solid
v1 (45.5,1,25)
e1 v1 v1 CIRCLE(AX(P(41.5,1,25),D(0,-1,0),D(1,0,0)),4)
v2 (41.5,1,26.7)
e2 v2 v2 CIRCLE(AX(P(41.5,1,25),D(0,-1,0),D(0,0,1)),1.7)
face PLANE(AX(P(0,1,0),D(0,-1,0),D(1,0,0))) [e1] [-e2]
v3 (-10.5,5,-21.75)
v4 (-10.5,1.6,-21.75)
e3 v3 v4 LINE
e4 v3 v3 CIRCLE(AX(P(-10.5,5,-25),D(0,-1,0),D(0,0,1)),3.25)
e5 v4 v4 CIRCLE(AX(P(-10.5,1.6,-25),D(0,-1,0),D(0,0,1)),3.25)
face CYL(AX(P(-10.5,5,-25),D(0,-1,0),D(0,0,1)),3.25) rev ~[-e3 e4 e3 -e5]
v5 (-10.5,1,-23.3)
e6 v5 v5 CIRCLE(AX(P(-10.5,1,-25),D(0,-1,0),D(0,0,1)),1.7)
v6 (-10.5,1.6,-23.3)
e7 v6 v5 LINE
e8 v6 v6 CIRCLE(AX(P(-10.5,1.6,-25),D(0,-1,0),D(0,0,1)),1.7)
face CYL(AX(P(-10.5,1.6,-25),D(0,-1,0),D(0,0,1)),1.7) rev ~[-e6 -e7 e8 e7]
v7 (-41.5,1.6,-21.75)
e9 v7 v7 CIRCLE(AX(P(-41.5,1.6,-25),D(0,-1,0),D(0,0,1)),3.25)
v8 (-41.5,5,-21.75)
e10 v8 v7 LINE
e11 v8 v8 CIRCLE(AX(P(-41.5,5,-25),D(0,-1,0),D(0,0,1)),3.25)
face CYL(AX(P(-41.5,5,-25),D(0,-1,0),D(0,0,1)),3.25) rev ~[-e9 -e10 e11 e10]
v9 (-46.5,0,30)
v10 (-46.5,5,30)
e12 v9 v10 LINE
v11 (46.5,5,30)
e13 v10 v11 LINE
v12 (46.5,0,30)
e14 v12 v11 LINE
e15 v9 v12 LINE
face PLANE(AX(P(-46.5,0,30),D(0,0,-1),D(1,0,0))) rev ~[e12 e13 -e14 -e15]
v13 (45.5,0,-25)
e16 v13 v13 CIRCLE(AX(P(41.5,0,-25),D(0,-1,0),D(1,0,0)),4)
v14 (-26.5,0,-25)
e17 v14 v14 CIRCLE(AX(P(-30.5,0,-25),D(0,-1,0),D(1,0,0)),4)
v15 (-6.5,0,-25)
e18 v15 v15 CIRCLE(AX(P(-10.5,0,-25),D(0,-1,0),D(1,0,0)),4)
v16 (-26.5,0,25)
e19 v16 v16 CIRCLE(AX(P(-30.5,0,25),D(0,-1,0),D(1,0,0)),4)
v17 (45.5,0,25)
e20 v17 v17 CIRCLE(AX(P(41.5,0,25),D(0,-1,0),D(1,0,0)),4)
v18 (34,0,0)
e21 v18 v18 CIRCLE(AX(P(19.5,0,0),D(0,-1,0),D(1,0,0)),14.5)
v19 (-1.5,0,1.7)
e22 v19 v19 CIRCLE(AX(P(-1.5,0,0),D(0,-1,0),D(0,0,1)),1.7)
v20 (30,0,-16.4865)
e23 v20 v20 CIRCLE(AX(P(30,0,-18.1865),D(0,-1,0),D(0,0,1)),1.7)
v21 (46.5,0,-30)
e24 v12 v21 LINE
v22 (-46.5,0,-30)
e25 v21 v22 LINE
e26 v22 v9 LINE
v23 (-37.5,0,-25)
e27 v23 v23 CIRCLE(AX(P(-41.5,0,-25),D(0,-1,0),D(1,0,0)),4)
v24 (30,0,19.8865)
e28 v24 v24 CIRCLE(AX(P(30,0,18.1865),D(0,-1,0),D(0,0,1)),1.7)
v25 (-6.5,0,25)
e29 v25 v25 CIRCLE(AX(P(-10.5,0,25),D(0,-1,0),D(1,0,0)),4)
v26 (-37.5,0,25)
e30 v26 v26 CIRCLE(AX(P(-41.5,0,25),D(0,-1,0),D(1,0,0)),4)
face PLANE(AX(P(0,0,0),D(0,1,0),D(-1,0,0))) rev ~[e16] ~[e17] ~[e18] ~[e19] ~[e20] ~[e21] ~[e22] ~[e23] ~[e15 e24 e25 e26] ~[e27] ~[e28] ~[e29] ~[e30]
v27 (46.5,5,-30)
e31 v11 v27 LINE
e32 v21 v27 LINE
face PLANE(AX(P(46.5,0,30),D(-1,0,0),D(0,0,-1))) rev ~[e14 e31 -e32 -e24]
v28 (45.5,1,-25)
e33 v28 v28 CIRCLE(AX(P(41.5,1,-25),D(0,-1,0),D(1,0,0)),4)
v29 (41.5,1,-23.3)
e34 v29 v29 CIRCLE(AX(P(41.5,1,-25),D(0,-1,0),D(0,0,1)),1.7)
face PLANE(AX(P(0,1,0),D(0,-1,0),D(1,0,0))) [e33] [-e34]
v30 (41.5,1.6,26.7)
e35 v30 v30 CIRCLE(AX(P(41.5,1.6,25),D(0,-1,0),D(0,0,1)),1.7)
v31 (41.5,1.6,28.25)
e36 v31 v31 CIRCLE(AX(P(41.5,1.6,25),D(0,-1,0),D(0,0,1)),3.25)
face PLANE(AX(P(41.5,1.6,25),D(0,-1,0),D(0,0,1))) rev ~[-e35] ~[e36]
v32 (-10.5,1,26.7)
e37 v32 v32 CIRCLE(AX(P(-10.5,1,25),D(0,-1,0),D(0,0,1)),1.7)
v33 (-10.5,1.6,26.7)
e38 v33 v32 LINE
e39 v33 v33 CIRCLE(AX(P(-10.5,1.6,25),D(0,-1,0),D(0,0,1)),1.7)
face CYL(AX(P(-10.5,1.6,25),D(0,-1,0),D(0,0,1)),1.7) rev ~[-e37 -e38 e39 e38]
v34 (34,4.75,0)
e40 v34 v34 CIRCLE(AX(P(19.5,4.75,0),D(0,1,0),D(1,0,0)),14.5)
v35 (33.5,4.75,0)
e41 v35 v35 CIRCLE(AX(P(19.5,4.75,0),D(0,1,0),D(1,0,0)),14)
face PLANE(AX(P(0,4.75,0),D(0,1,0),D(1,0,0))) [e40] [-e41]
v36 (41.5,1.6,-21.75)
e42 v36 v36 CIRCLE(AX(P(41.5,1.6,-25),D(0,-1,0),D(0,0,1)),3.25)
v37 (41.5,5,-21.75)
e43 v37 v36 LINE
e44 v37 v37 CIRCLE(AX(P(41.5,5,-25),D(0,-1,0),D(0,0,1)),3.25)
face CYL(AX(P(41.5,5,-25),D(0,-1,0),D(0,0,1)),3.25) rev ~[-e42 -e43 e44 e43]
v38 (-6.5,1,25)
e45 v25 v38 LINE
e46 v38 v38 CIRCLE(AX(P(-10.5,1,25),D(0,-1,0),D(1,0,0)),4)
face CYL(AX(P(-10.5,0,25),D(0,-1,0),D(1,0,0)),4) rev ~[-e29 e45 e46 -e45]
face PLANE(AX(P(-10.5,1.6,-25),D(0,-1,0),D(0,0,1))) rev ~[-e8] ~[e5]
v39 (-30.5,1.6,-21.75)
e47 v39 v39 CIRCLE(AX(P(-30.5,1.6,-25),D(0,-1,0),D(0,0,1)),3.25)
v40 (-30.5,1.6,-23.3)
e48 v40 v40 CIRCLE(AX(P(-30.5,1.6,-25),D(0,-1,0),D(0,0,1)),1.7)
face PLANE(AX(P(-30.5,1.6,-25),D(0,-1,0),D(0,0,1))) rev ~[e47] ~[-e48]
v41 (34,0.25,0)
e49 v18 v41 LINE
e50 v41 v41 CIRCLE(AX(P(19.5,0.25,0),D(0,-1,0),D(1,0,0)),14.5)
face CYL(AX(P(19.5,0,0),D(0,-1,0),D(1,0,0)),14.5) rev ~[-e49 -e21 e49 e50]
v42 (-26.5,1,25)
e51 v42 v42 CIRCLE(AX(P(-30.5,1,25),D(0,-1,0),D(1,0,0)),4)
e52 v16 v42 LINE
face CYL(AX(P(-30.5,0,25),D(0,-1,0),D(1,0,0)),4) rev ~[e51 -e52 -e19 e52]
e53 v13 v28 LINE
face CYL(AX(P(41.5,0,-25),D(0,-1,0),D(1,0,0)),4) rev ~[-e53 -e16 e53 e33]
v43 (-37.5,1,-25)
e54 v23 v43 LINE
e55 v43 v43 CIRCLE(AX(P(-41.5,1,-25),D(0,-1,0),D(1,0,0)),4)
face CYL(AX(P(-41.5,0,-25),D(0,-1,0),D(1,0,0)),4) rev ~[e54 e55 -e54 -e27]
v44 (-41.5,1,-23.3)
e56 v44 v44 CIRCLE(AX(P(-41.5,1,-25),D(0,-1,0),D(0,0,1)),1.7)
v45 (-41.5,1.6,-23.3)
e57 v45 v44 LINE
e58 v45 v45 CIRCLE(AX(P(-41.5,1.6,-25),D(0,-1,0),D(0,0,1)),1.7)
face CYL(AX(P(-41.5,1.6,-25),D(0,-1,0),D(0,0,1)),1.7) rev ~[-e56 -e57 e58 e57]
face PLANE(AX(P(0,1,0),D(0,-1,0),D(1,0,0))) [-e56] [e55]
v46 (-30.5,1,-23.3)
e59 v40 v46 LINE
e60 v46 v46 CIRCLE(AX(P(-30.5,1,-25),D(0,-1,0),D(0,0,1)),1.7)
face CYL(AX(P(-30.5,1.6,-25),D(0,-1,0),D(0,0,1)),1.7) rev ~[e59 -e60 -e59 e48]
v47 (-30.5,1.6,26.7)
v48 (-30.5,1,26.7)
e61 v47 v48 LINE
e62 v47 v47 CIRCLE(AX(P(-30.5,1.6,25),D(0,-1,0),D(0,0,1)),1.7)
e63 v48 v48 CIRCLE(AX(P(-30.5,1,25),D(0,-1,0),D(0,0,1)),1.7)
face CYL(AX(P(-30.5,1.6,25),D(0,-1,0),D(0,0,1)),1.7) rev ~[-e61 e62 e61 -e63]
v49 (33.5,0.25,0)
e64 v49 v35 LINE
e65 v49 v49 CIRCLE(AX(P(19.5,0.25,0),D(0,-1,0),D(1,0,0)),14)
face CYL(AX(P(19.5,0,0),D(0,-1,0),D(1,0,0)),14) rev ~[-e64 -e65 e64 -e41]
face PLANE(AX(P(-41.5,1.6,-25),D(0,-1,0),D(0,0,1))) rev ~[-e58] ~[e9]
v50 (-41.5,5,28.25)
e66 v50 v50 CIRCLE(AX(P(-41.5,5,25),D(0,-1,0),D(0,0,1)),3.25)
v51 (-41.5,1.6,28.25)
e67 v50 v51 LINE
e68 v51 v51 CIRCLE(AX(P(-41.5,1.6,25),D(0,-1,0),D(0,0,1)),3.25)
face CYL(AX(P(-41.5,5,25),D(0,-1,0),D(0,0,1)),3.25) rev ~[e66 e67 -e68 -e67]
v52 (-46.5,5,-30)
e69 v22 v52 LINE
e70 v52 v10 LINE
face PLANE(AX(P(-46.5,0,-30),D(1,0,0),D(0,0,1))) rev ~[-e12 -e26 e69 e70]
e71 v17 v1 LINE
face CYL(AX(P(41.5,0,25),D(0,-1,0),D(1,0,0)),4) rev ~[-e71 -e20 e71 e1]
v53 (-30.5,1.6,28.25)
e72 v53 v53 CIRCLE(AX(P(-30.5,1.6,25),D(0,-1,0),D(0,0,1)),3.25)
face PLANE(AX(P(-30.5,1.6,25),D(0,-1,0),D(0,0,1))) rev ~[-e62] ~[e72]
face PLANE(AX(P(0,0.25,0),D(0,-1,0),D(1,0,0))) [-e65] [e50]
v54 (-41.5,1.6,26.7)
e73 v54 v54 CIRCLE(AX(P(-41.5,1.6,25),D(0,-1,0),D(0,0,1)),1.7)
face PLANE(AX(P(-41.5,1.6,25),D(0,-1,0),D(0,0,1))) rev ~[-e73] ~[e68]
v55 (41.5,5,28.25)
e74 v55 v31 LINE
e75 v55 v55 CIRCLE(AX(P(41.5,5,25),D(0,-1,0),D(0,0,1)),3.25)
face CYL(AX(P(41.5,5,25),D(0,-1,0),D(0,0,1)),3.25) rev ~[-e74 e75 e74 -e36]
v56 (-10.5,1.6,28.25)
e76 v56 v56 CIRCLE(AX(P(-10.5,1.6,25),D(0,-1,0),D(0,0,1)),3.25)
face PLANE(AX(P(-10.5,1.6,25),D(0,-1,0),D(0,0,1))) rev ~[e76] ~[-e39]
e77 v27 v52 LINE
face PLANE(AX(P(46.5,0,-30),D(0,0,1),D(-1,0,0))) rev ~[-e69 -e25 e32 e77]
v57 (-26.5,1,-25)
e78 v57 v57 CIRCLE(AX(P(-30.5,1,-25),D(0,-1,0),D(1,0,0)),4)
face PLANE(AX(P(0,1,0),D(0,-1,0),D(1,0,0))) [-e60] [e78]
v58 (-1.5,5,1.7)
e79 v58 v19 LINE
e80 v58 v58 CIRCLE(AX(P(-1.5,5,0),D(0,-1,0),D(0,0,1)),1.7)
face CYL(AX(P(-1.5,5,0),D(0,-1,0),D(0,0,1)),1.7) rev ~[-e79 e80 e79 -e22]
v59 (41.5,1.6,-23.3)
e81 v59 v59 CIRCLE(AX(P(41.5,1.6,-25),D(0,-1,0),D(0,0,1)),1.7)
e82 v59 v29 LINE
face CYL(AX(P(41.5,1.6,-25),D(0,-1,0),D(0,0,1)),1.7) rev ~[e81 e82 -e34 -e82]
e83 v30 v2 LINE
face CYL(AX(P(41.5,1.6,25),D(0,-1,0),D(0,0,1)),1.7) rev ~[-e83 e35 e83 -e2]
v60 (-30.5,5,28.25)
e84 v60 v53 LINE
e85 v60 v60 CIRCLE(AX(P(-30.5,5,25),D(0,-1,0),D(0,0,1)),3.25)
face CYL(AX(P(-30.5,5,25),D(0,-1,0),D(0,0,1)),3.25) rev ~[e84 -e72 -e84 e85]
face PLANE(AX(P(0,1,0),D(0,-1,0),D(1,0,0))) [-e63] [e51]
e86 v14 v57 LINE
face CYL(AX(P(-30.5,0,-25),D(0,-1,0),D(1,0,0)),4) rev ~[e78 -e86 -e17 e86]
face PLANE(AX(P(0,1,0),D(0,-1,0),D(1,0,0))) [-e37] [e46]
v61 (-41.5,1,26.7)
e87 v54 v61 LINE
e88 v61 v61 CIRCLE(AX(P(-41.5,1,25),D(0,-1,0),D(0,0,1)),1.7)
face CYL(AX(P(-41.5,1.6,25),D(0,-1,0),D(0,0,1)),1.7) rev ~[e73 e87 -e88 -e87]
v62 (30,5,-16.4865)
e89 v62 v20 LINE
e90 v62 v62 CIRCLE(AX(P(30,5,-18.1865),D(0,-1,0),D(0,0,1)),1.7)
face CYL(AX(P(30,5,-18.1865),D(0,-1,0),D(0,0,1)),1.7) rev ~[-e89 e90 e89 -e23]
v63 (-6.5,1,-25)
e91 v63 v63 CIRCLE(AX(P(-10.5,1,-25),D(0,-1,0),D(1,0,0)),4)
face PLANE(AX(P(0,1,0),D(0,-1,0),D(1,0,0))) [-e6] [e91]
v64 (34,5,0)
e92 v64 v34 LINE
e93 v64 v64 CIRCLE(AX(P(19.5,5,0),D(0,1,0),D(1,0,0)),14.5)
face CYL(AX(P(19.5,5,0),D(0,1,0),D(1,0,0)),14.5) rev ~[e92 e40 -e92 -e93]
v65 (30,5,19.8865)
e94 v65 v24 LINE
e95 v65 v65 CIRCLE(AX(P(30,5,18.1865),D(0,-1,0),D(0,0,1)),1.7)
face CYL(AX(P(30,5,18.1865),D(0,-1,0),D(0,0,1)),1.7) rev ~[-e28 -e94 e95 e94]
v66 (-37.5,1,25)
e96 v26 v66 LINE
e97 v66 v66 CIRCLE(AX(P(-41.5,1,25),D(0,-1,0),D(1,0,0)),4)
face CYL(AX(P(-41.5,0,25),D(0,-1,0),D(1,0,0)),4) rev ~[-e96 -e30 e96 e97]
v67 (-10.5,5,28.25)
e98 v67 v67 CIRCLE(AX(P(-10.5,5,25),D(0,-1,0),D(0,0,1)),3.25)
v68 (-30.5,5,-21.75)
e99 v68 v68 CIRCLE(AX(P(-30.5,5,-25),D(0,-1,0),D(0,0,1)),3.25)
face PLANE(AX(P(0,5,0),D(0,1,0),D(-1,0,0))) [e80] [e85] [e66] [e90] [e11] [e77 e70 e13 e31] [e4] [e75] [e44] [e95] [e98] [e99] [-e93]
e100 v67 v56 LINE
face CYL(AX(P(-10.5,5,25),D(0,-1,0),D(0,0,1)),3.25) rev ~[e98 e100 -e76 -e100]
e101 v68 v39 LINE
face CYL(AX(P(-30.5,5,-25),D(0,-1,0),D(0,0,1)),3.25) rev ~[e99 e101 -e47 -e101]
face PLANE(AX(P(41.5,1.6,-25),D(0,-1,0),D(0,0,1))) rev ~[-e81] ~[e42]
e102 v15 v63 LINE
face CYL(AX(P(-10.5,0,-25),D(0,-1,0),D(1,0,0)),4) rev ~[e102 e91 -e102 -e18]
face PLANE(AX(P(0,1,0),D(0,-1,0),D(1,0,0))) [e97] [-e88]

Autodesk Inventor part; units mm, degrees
ref_plane "YZ Plane" through (0, 0, 0) normal (1, 0, 0) x (0, 1, 0)
ref_plane "XZ Plane" through (0, 0, 0) normal (0, 1, 0) x (-1, 0, 0)
ref_plane "XY Plane" through (0, 0, 0) normal (0, 0, 1) x (1, 0, 0)
sketch "Sketch1" plane through (0, 0, 0) normal (0, 1, 0) x (-1, 0, 0)
  line L0 (46.5, 30) -> (-46.5, 30)
  line L1 (-46.5, 30) -> (-46.5, -30)
  line L2 (-46.5, -30) -> (46.5, -30)
  line L3 (46.5, -30) -> (46.5, 30)
  line L4 (46.5, 30) -> (-46.5, -30) construction
  line L5 (-46.5, 30) -> (46.5, -30) construction
  circle A0 centre (-19.5, 0) radius 12.5
  line L6 (152.1746, 0) -> (-152.1746, 0) construction
  line L7 (0, 58.0523) -> (0, -58.0523) construction
  point P0 (0, 0)
  dimension "d0" = 93
  dimension "d2" = 25
  dimension "d4" = 60
  dimension "d5" = 27
extrude "Extrusion1" add sketch "Sketch1" along normal blind 5
sketch "Sketch2" plane through (0, 5, 0) normal (0, 1, 0) x (1, 0, 0)
  line L0 (-41.5, -25) -> (41.5, -25) construction
  line L1 (41.5, -25) -> (41.5, 25) construction
  line L2 (41.5, 25) -> (-41.5, 25) construction
  line L3 (-41.5, 25) -> (-41.5, -25) construction
  line L4 (-41.5, -25) -> (41.5, 25) construction
  line L5 (41.5, -25) -> (-41.5, 25) construction
  line L6 (46.5, 30) -> (-46.5, 30) projected
  line L7 (46.5, -30) -> (46.5, 30) projected
  point P0 (0, 0)
  dimension "d11" = 5
  dimension "d12" = 5
hole "Hole1" at (-41.5, 5, -25) at (41.5, 5, -25) at (41.5, 5, 25) at (-41.5, 5, 25) direction (0, -1, 0) diameter 3.4 end through all counterbore diameter 6.5 counterbore depth 3.4 clearance for "Socket Head Cap Screw ISO 4762" size "M3" standard "ISO"
sketch "Sketch3" plane through (0, 0, 0) normal (0, -1, 0) x (1, 0, 0)
  circle A0 centre (-41.5, 25) radius 3.25 projected
  circle A1 centre (-41.5, 25) radius 4
  circle A2 centre (-41.5, 25) radius 1.7 projected
  circle A3 centre (41.5, 25) radius 1.7 projected
  circle A4 centre (41.5, -25) radius 1.7 projected
  circle A5 centre (-41.5, -25) radius 1.7 projected
  line L0 (46.5, 30) -> (46.5, -30) projected
  line L1 (-46.5, 30) -> (46.5, 30) projected
  line L2 (-46.5, -30) -> (-46.5, 30) projected
  line L3 (46.5, -30) -> (-46.5, -30) projected
  circle A6 centre (41.5, 25) radius 4
  circle A7 centre (-41.5, -25) radius 4
  circle A8 centre (41.5, -25) radius 4
  point P0 (0, 0)
  dimension "d22" = 83
  dimension "d25" = 50
  dimension "d28" = 8
extrude "Extrusion2" cut sketch "Sketch3" against normal blind 1 contours A0 | A1 | A2 | A3 | A4 | A5 | A6 | A7 | A8
sketch "Sketch4" plane through (0, 0, 0) normal (0, -1, 0) x (1, 0, 0)
  circle A0 centre (41.5, -25) radius 4 projected
  circle A1 centre (-41.5, -25) radius 4 projected
  circle A2 centre (41.5, 25) radius 4 projected
  circle A3 centre (-41.5, 25) radius 4 projected
  line L0 (46.5, 30) -> (46.5, -30) projected
  line L1 (-46.5, 30) -> (46.5, 30) projected
  line L2 (-46.5, -30) -> (-46.5, 30) projected
  line L3 (46.5, -30) -> (-46.5, -30) projected
  circle A4 centre (19.5, 0) radius 12.5 projected
  circle A5 centre (19.5, 0) radius 14
  point P0 (0, 0)
  dimension "d31" = 28
extrude "Extrusion3" cut sketch "Sketch4" against normal through all contours A5
sketch "Sketch5" plane through (0, 0, 0) normal (0, -1, 0) x (1, 0, 0)
  line L0 (-35.5, 30) -> (-5.5, 30) construction
  line L1 (-5.5, 30) -> (-5.5, -30) construction
  line L2 (-5.5, -30) -> (-35.5, -30) construction
  line L3 (-35.5, -30) -> (-35.5, 30) construction
  line L4 (-65.1, 0) -> (65.1, 0) projected
  circle A0 centre (-30.5, 25) radius 4
  circle A1 centre (-10.5, 25) radius 4
  circle A2 centre (-30.5, -25) radius 4
  circle A3 centre (-10.5, -25) radius 4
  line L5 (-35.5, 30) -> (-5.5, -30) construction
  line L6 (-46.5, -30) -> (-46.5, 30) projected
  point P0 (0, 0)
  point P1 (-35.5, 0)
  point P2 (-20.5, 0)
  dimension "d34" = 60
  dimension "d35" = 30
  dimension "d36" = 8
  dimension "d37" = 5
  dimension "d38" = 5
  dimension "d41" = 20
  dimension "d44" = 50
  dimension "d47" = 26
extrude "Extrusion4" cut sketch "Sketch5" against normal blind 1
sketch "Sketch7" plane through (0, 5, 0) normal (0, 1, 0) x (1, 0, 0)
  circle A0 centre (-30.5, -25) radius 4 construction
  point P0 (0, 0)
hole "Hole2" at (-30.5, 5, 25) direction (0, -1, 0) diameter 3.4 end through all counterbore diameter 6.5 counterbore depth 3.4 clearance for "Socket Head Cap Screw ISO 4762" size "M3" standard "ISO"
pattern_linear "Rectangular Pattern1" count 2 spacing 50 along (0, 0, -1) count 2 spacing 20 along (1, 0, 0) of "Hole2"
sketch "Sketch8" plane through (0, 5, 0) normal (0, 1, 0) x (1, 0, 0)
  circle A0 centre (19.5, 0) radius 12.5 projected
  circle A1 centre (19.5, 0) radius 21 construction
  line L0 (65.1, 0) -> (-65.1, 0) projected
  point P0 (0, 0)
  point P1 (-1.5, 0)
  point P2 (30, -18.1865)
  point P3 (30, 18.1865)
  dimension "d63" = 42
  dimension "d66" = 360
hole "Hole3" at (-1.5, 5, 0) at (30, 5, 18.1865) at (30, 5, -18.1865) direction (0, -1, 0) diameter 3.4 end through all clearance for "Socket Head Cap Screw ISO 4762" size "M3" standard "ISO"
sketch "Sketch11" plane through (0, 0, 0) normal (0, -1, 0) x (1, 0, 0)
  circle A0 centre (19.5, 0) radius 14 projected
  circle A1 centre (19.5, 0) radius 14.5
  circle A2 centre (19.5, 0) radius 14 projected
  point P0 (0, 0)
  dimension "d81" = 0.5
extrude "Extrusion6" cut sketch "Sketch11" against normal blind 0.25
sketch "Sketch12" plane through (0, 5, 0) normal (0, 1, 0) x (1, 0, 0)
  circle A0 centre (19.5, 0) radius 14 projected
  circle A1 centre (19.5, 0) radius 14.5
  point P0 (0, 0)
  dimension "d84" = 0.5
extrude "Extrusion7" cut sketch "Sketch12" against normal blind 0.25
properties part number "plate 2"
